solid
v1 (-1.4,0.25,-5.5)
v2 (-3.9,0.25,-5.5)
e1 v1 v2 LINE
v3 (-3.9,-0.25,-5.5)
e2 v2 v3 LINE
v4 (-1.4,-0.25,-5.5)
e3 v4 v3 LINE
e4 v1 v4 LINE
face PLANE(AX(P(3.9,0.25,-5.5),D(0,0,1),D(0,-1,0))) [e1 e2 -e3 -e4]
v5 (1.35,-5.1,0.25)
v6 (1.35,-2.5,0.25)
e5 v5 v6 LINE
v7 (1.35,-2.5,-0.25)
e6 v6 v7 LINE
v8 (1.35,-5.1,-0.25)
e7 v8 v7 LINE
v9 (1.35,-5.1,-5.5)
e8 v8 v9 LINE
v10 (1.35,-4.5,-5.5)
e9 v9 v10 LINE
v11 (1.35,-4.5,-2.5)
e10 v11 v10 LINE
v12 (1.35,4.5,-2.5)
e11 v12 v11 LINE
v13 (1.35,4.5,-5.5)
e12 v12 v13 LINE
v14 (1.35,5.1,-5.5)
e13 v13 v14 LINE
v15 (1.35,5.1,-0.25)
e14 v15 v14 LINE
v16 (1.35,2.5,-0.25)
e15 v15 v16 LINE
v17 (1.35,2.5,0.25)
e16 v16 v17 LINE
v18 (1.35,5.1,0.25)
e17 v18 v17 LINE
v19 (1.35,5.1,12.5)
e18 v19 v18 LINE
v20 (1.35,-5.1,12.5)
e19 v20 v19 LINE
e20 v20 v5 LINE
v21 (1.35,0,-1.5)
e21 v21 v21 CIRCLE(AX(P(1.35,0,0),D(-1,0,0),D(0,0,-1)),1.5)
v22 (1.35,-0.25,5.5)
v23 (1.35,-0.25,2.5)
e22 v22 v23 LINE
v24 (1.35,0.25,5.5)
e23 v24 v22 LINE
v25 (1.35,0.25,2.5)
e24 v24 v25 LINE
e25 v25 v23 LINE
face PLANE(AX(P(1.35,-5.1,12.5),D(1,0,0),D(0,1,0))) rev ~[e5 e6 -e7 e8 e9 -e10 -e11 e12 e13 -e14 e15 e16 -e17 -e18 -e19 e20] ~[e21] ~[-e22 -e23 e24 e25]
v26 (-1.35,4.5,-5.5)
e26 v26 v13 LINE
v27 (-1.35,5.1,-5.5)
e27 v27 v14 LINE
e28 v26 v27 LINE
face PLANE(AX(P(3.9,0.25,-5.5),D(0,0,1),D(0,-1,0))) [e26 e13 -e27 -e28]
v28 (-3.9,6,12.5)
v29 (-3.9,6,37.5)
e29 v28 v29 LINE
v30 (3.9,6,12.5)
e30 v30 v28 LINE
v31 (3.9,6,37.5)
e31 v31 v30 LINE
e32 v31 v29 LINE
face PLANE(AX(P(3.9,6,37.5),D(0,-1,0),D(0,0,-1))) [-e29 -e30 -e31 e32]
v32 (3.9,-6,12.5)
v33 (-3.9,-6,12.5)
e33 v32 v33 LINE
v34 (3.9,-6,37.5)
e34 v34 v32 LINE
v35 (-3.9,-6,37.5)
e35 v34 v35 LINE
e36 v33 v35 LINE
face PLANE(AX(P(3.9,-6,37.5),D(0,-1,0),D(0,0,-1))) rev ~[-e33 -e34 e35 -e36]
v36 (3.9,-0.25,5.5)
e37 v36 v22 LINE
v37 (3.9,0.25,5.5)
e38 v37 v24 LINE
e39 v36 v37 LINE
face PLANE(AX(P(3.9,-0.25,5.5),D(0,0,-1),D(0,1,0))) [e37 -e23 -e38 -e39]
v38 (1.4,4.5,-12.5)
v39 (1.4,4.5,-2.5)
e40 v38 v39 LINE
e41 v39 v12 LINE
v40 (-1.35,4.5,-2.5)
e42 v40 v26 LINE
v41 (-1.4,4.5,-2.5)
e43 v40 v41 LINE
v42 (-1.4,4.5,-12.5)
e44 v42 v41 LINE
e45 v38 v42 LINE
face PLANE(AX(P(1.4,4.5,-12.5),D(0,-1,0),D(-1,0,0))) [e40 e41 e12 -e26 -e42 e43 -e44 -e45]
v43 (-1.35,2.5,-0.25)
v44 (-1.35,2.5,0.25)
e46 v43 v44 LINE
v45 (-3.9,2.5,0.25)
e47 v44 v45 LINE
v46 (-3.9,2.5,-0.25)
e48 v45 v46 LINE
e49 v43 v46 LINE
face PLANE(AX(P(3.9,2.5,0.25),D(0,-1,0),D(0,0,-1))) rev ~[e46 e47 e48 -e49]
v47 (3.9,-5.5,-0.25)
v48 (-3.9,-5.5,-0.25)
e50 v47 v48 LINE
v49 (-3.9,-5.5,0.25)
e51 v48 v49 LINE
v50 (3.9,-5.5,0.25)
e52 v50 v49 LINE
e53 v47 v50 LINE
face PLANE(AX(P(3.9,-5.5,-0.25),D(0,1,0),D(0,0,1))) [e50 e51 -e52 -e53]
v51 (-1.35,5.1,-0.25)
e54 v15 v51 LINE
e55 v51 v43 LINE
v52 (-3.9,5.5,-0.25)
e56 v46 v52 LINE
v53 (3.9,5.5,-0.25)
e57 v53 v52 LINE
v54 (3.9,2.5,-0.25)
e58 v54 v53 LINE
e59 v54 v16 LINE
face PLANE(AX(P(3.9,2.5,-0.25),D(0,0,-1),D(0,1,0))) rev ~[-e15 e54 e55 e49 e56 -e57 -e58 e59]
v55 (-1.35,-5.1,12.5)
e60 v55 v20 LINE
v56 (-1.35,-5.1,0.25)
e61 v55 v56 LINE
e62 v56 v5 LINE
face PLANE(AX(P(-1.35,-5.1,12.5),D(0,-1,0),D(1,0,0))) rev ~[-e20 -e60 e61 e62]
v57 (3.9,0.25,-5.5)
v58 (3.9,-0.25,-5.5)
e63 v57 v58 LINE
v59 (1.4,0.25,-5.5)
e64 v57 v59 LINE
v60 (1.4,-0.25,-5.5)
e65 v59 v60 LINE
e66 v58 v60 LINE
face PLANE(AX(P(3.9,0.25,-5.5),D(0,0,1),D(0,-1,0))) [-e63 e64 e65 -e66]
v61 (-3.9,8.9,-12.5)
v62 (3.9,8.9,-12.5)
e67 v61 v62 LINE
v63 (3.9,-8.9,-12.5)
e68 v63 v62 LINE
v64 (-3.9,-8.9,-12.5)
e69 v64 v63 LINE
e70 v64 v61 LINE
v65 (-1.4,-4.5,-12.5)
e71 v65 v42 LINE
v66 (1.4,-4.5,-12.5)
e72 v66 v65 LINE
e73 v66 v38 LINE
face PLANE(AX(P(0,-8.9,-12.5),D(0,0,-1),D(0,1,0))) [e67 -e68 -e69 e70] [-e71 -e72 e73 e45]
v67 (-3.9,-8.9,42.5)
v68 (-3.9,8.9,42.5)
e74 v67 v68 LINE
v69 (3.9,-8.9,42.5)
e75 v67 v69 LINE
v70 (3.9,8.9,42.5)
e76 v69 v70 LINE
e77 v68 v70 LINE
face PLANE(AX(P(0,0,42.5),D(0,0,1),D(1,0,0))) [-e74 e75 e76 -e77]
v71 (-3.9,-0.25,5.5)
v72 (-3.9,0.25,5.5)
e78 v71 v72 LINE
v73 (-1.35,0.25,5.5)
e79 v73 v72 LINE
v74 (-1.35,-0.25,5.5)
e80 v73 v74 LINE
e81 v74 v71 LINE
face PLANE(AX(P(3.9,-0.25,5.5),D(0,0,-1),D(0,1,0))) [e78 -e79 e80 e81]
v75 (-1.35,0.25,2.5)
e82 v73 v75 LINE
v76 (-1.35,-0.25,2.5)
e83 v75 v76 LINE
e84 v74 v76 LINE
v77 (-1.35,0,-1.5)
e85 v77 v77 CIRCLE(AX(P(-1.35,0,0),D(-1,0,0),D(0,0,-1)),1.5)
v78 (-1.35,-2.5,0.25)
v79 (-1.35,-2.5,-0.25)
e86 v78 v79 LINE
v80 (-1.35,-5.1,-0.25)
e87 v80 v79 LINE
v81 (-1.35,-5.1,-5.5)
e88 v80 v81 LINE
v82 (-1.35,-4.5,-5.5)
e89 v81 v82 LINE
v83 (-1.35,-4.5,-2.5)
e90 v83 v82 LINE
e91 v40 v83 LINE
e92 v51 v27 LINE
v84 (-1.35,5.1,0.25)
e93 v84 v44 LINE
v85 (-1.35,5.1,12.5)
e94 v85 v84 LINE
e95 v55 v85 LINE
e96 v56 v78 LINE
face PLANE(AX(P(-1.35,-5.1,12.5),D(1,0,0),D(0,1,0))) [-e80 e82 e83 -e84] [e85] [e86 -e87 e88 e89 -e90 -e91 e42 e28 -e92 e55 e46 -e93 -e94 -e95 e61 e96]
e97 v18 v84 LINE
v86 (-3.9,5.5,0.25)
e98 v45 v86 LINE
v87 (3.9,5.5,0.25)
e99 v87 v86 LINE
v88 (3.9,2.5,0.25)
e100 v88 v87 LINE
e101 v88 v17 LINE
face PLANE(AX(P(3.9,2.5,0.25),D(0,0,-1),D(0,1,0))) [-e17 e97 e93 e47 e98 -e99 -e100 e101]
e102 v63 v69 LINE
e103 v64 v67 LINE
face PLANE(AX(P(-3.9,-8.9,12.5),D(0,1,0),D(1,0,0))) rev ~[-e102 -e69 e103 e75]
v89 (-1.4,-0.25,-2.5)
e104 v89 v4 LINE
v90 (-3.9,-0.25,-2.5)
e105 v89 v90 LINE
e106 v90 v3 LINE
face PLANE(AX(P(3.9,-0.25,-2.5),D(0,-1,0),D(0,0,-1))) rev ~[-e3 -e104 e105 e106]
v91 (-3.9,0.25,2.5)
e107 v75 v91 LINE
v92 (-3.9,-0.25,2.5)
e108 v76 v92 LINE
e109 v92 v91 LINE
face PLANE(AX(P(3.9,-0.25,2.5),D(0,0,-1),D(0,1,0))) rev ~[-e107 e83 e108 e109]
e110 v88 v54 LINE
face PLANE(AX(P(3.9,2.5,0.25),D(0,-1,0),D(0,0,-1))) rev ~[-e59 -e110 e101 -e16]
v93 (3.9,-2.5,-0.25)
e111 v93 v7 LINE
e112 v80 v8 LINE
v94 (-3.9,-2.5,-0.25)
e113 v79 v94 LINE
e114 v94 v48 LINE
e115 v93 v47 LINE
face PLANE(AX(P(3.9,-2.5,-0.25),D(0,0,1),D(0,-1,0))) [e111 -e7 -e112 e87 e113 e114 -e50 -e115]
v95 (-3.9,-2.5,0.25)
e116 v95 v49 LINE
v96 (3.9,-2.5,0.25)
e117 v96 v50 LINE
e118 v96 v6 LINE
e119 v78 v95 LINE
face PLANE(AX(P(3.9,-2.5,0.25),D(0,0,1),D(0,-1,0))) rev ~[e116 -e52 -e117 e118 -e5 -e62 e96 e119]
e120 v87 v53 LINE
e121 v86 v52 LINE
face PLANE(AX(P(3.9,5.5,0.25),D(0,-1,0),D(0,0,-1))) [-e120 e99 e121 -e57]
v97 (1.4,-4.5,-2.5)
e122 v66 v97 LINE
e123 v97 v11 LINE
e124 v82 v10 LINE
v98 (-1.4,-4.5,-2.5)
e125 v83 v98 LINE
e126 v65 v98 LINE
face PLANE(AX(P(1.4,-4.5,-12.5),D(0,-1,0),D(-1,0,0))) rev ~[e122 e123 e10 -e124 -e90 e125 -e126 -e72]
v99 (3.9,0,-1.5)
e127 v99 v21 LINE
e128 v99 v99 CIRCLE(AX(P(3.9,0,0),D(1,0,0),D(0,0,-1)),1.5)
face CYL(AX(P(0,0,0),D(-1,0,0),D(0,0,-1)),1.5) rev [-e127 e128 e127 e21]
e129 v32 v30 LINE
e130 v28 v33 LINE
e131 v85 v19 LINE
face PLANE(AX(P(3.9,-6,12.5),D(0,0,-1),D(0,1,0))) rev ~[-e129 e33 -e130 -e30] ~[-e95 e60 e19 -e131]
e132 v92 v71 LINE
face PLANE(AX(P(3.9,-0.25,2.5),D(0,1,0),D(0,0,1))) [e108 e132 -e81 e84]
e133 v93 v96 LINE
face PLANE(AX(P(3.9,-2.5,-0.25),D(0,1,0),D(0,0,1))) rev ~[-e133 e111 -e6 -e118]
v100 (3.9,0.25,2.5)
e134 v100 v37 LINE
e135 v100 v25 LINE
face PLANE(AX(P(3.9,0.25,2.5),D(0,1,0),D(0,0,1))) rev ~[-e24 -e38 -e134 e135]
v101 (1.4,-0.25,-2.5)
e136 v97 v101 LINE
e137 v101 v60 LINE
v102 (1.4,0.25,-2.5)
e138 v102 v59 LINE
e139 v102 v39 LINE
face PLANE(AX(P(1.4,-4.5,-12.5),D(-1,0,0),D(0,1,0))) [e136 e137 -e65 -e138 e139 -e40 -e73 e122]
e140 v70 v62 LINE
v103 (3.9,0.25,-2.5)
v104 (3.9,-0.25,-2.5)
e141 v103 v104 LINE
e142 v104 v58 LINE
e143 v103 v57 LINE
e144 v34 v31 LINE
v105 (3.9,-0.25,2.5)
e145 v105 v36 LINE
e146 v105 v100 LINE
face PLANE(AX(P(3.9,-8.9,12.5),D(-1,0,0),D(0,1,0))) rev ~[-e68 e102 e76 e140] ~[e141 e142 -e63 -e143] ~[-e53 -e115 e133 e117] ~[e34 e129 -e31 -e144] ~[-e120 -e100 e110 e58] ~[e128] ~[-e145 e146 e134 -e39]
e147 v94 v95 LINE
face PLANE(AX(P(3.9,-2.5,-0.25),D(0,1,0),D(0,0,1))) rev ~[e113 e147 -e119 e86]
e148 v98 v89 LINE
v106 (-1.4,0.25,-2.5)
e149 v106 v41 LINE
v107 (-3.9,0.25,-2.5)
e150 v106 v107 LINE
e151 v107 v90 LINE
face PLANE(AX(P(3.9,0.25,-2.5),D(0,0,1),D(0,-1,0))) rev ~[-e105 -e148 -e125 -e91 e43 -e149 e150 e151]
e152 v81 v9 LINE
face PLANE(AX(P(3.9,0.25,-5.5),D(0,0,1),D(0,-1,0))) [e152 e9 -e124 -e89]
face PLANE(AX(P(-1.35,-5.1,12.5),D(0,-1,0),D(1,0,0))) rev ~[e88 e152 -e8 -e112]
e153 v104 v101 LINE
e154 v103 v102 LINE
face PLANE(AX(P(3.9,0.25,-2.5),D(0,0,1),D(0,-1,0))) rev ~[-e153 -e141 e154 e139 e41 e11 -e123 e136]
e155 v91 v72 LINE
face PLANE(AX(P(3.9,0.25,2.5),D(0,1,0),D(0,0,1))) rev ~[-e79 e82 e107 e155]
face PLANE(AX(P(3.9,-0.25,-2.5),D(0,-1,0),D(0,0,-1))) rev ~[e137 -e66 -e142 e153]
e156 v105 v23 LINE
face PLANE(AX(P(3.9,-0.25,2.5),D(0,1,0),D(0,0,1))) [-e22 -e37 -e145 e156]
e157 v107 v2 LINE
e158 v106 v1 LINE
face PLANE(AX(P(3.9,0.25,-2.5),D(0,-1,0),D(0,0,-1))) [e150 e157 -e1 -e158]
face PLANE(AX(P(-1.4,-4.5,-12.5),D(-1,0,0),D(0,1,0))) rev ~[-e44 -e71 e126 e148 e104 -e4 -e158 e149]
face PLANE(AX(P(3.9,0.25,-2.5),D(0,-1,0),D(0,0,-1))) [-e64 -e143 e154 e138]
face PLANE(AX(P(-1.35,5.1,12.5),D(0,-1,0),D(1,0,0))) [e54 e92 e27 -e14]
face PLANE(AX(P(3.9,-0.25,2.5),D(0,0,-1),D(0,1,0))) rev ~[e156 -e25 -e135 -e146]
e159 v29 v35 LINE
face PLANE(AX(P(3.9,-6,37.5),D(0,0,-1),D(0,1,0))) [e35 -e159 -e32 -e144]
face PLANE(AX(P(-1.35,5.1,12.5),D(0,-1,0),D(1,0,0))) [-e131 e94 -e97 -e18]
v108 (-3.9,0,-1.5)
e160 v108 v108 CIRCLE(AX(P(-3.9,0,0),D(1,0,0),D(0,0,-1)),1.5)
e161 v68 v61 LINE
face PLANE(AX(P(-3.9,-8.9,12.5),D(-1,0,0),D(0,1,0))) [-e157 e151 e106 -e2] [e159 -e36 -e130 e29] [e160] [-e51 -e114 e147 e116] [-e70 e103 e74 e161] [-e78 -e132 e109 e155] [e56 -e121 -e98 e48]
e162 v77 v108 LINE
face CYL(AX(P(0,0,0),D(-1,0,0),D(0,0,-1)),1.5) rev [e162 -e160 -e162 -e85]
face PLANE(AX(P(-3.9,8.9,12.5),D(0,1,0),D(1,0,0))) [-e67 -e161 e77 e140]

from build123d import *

# Parameters (mm, degrees)
SKETCH1_W           = 17.8
SKETCH1_H           = 25
SKETCH1_R           = 1.5
BOSS_EXTRUDE1_DEPTH = 3.9
SKETCH3_W           = 0.5
SKETCH3_H           = 3
CUT_EXTRUDE1_DEPTH  = 10
CIRPATTERN1_COUNT   = 4
SKETCH4_W           = 2.7
SKETCH4_H           = 10.2
CUT_EXTRUDE2_DEPTH  = 18
SKETCH5_W           = 2.8
SKETCH5_H           = 9
CUT_EXTRUDE3_DEPTH  = 10
SKETCH6_W           = 7.8
SKETCH6_H           = 17.8
BOSS_EXTRUDE2_DEPTH = 30
SKETCH7_W           = 25
SKETCH7_H           = 12
CUT_EXTRUDE4_DEPTH  = 30


with BuildPart() as part:
    # Sketch1 → Boss-Extrude1 (new, symmetric)
    with BuildSketch(Plane.YZ):
        Rectangle(SKETCH1_W, SKETCH1_H)
        with Locations(Location((0, 0, 0), (0, 0, 270))):
            Circle(SKETCH1_R, mode=Mode.SUBTRACT)
    extrude(amount=BOSS_EXTRUDE1_DEPTH, both=True)

    # Sketch3 → Cut-Extrude1 (cut)
    with BuildSketch(Plane(origin=(3.9, 0, 0), x_dir=(0, 0, -1), z_dir=(1, 0, 0))):
        with Locations((0, 4)):
            Rectangle(SKETCH3_W, SKETCH3_H)
    cut_extrude1 = extrude(amount=-CUT_EXTRUDE1_DEPTH, mode=Mode.SUBTRACT)

    # CirPattern1: Cut-Extrude1 ×4 about axis
    cirpattern1_axis = Axis((0, 0, 0), (1, 0, 0))
    for i in range(1, CIRPATTERN1_COUNT):
        add(cut_extrude1.rotate(cirpattern1_axis, i * 360 / CIRPATTERN1_COUNT), mode=Mode.SUBTRACT)

    # Sketch4 → Cut-Extrude2 (cut)
    with BuildSketch(Plane.XY.offset(12.5)):
        Rectangle(SKETCH4_W, SKETCH4_H)
    extrude(amount=-CUT_EXTRUDE2_DEPTH, mode=Mode.SUBTRACT)

    # Sketch5 → Cut-Extrude3 (cut)
    with BuildSketch(Plane(origin=(0, 0, -12.5), x_dir=(-1, 0, 0), z_dir=(0, 0, -1))):
        Rectangle(SKETCH5_W, SKETCH5_H)
    extrude(amount=-CUT_EXTRUDE3_DEPTH, mode=Mode.SUBTRACT)

    # Sketch6 → Boss-Extrude2 (add)
    with BuildSketch(Plane.XY.offset(12.5)):
        Rectangle(SKETCH6_W, SKETCH6_H)
    extrude(amount=BOSS_EXTRUDE2_DEPTH)

    # Sketch7 → Cut-Extrude4 (cut)
    with BuildSketch(Plane(origin=(3.9, 0, 0), x_dir=(0, 0, -1), z_dir=(1, 0, 0))):
        with Locations((-25, 0)):
            Rectangle(SKETCH7_W, SKETCH7_H)
    extrude(amount=-CUT_EXTRUDE4_DEPTH, mode=Mode.SUBTRACT)


solid = part.part
